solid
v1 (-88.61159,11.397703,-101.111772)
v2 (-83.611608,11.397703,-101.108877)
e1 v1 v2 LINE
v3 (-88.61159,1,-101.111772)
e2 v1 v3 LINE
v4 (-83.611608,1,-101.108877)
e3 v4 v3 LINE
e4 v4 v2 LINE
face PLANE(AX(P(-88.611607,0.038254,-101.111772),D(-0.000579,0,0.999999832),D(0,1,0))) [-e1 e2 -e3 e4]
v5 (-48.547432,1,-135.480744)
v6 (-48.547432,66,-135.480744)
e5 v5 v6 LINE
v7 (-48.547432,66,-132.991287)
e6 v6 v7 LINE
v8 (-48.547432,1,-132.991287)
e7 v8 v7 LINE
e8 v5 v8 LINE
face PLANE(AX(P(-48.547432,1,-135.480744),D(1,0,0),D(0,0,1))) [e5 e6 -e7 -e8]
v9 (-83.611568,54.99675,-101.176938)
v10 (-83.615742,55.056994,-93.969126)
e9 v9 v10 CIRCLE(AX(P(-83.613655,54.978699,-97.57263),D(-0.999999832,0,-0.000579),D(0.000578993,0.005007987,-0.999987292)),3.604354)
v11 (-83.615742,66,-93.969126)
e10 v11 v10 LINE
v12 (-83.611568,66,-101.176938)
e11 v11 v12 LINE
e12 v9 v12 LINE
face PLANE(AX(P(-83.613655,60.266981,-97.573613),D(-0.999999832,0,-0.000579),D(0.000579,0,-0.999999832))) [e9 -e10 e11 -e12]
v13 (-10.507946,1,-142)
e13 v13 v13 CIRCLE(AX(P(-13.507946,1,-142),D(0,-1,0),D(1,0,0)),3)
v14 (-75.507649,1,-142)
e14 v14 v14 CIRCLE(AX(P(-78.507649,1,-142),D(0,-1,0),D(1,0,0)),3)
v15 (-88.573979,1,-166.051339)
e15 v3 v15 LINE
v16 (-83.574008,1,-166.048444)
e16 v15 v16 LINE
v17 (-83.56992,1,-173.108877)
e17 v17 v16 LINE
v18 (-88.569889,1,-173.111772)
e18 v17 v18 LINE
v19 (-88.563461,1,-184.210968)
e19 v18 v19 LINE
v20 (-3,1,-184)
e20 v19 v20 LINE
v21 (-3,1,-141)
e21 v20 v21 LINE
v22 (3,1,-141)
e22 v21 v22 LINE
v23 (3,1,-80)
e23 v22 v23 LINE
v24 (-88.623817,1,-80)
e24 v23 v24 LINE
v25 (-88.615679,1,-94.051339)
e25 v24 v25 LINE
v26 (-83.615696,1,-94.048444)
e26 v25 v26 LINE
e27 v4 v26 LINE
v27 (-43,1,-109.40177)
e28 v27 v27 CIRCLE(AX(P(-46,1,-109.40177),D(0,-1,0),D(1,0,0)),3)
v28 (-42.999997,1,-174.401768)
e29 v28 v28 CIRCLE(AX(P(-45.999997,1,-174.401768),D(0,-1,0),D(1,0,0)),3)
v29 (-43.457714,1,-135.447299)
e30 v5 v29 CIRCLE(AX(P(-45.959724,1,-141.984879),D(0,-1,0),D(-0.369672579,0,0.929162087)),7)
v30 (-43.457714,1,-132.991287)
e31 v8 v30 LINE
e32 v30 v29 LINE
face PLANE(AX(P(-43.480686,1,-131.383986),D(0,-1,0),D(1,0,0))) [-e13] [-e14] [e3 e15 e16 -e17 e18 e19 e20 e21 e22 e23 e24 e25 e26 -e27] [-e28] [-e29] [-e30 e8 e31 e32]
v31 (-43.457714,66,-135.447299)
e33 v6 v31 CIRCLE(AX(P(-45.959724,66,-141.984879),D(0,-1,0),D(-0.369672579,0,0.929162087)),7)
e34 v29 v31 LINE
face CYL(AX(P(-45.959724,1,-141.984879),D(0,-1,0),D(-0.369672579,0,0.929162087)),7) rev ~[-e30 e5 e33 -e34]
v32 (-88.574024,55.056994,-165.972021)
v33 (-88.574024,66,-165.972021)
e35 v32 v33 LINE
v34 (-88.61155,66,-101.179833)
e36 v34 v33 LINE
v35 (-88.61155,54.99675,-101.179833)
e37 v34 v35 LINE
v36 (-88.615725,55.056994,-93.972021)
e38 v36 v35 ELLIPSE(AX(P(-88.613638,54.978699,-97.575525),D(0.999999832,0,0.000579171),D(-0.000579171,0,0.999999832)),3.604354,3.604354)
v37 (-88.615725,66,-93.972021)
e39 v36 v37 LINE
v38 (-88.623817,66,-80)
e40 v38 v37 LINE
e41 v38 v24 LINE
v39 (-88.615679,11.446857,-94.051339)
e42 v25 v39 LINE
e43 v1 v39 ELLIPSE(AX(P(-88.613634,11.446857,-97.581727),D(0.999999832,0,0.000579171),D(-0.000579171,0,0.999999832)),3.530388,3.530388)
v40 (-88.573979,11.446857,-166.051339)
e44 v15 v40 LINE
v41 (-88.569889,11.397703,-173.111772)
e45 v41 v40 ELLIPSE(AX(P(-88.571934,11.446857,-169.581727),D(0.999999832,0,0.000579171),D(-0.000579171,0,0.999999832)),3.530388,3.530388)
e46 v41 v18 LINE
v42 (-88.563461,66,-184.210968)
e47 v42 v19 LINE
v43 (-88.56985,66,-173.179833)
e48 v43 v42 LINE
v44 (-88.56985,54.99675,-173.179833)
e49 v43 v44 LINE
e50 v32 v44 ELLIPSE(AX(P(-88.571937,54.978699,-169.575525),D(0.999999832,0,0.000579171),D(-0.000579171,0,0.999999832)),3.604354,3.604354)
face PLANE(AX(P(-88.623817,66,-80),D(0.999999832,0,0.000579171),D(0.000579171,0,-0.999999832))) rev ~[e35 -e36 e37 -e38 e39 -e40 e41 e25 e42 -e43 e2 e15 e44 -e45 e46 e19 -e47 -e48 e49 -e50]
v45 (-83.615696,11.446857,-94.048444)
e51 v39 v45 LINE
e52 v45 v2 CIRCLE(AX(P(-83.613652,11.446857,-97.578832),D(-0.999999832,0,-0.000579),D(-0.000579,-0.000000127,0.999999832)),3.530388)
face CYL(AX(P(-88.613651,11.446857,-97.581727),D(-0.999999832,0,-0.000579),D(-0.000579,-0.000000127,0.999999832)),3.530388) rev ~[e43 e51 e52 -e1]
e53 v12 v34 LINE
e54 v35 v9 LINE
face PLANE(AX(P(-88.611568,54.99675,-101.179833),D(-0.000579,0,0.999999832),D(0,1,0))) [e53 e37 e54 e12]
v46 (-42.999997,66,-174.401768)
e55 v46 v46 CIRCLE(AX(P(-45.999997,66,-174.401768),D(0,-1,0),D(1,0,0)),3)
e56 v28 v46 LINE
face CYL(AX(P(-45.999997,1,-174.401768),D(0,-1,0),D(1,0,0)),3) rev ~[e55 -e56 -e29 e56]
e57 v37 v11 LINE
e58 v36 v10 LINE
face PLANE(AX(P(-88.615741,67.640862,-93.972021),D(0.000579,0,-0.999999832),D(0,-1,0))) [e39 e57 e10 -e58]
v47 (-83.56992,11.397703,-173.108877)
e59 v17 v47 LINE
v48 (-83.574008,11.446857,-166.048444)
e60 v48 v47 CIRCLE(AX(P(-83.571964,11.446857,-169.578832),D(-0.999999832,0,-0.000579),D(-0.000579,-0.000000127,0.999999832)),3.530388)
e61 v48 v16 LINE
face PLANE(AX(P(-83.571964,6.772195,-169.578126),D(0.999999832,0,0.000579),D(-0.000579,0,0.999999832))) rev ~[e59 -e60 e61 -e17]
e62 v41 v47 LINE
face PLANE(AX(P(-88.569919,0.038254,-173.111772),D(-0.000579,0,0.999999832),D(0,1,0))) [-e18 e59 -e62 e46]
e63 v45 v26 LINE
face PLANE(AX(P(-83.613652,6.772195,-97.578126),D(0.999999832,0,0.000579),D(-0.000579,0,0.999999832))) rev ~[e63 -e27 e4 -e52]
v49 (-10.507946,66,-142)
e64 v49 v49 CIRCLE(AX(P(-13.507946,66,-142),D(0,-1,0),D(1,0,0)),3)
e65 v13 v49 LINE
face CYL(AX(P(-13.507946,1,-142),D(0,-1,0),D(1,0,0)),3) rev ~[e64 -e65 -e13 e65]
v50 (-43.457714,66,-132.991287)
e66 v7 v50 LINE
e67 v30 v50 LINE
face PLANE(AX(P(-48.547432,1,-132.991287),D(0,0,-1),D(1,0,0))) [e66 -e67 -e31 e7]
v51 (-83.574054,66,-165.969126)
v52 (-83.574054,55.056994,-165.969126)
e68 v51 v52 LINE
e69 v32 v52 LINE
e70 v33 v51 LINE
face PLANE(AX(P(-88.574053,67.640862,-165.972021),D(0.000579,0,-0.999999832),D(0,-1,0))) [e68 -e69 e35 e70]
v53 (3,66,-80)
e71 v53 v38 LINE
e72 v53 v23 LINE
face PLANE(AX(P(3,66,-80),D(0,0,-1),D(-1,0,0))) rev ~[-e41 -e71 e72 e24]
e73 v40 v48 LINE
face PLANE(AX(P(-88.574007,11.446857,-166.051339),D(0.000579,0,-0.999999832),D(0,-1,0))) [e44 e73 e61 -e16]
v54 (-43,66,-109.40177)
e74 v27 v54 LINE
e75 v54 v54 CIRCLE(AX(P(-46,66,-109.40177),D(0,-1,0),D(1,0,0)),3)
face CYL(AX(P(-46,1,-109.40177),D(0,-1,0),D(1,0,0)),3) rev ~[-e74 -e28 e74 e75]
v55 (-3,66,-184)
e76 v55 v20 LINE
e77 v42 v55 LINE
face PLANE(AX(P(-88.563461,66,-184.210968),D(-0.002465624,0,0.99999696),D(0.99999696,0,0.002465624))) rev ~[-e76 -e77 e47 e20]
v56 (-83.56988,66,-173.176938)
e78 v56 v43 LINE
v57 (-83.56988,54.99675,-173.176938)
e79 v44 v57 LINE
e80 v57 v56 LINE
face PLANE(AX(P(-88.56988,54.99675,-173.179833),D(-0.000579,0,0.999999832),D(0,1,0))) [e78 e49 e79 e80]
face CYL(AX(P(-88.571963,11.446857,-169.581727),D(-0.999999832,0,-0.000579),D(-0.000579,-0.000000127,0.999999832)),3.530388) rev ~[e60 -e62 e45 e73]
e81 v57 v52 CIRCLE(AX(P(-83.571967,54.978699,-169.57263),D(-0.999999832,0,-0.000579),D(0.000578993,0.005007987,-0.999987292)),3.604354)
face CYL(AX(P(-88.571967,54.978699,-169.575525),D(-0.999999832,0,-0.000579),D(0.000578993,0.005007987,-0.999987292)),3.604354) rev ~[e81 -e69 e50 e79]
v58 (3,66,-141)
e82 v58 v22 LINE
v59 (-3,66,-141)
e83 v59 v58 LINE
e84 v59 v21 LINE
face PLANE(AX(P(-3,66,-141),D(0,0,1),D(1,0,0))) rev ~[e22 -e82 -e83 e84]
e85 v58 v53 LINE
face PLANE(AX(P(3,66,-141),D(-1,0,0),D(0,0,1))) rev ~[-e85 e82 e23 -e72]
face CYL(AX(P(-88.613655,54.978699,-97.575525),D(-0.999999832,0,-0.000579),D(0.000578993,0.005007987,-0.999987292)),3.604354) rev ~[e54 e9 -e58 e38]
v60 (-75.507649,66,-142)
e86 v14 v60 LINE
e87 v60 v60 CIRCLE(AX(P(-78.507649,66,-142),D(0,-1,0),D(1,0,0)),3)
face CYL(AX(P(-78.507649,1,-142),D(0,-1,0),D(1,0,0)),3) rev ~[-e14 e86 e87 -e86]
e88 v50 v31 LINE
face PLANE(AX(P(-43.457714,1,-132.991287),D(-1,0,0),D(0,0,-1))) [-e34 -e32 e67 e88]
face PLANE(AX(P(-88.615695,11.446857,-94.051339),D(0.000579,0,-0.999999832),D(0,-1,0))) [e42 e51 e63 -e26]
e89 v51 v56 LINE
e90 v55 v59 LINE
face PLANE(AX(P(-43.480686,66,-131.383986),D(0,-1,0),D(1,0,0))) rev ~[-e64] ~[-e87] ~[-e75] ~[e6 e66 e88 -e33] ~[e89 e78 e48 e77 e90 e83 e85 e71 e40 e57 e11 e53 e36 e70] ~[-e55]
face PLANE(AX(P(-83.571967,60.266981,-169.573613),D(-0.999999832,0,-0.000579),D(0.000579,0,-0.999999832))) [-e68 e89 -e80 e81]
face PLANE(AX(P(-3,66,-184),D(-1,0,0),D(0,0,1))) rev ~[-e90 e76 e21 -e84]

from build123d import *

# Parameters (mm, degrees)
PAD002_DEPTH           = 65
SKETCH004_R            = 3
HOLE001_DEPTH          = 72
POCKET_DEPTH           = 72
POCKET001_DEPTH        = 5
LINEARPATTERN_COUNT    = 2
LINEARPATTERN_PITCH    = 72
POCKET002_DEPTH        = 5
LINEARPATTERN001_COUNT = 2
LINEARPATTERN001_PITCH = 72


with BuildPart() as part:
    # Sketch003 → Pad002 (new body)
    with BuildSketch(Plane.XZ):
        Polygon((3, -80), (-88.623817, -80), (-88.563461, -184.210968), (-3, -184), (-3, -141), (3, -141), align=None)
    extrude(amount=PAD002_DEPTH)

    # Sketch004 (on Face8 of Pad002) → Hole001 (cut)
    with BuildSketch(Plane.XZ.offset(65)):
        with Locations((-46, -109.40177)):
            Circle(SKETCH004_R)
        with Locations((-13.507946, -142)):
            Circle(SKETCH004_R)
        with Locations((-45.999997, -174.401768)):
            Circle(SKETCH004_R)
        with Locations((-78.507649, -142)):
            Circle(SKETCH004_R)
    extrude(amount=-HOLE001_DEPTH, mode=Mode.SUBTRACT)

    # Sketch005 (on Face5 of Hole001) → Pocket (cut)
    with BuildSketch(Plane.XZ.offset(65)):
        with BuildLine():
            ThreePointArc((-48.547432, -135.480744), (-45.913728, -148.984728), (-43.457714, -135.447299))
            Line((-43.457714, -132.991287), (-43.457714, -135.447299))
            Line((-48.547432, -132.991287), (-43.457714, -132.991287))
            Line((-48.547432, -135.480744), (-48.547432, -132.991287))
        make_face()
    extrude(amount=-POCKET_DEPTH, mode=Mode.SUBTRACT)

    # Sketch007 (on Face3 of Pocket) → Pocket001 (cut)
    with BuildSketch(Plane(origin=(-88.670121, 0, -0.051355), x_dir=(0.000579, 0, -1), z_dir=(-1, 0, -0.000579))):
        with BuildLine():
            Line((94, 65.961746), (101.060434, 65.961746))
            Line((101.060434, 65.961746), (101.060434, 54.602297))
            ThreePointArc((94, 54.553143), (97.554966, 51.02284), (101.060434, 54.602297))
            Line((94, 54.553143), (94, 65.961746))
        make_face()
    pocket001 = extrude(amount=-POCKET001_DEPTH, mode=Mode.SUBTRACT)

    # LinearPattern: Pocket001 ×2
    with Locations(*[Vector(0.000579, 0, -1) * (i * LINEARPATTERN_PITCH) for i in range(1, LINEARPATTERN_COUNT)]):
        add(pocket001, mode=Mode.SUBTRACT)

    # Sketch008 (on Face3 of LinearPattern) → Pocket002 (cut)
    with BuildSketch(Plane(origin=(-88.670121, 0, -0.051355), x_dir=(0.000579, 0, -1), z_dir=(-1, 0, -0.000579))):
        with BuildLine():
            ThreePointArc((101.128495, 11.00325), (97.494061, 14.625529), (93.920682, 10.943006))
            Line((93.920682, -1.640862), (93.920682, 10.943006))
            Line((101.128495, -1.640862), (93.920682, -1.640862))
            Line((101.128495, 11.00325), (101.128495, -1.640862))
        make_face()
    pocket002 = extrude(amount=-POCKET002_DEPTH, mode=Mode.SUBTRACT)

    # LinearPattern001: Pocket002 ×2
    with Locations(*[Vector(0.000579, 0, -1) * (i * LINEARPATTERN001_PITCH) for i in range(1, LINEARPATTERN001_COUNT)]):
        add(pocket002, mode=Mode.SUBTRACT)


with BuildPart() as part_1:
    # Body002 placement: moved
    add(part.part.moved(Location((0, 66, 0))))


solid = part_1.part
